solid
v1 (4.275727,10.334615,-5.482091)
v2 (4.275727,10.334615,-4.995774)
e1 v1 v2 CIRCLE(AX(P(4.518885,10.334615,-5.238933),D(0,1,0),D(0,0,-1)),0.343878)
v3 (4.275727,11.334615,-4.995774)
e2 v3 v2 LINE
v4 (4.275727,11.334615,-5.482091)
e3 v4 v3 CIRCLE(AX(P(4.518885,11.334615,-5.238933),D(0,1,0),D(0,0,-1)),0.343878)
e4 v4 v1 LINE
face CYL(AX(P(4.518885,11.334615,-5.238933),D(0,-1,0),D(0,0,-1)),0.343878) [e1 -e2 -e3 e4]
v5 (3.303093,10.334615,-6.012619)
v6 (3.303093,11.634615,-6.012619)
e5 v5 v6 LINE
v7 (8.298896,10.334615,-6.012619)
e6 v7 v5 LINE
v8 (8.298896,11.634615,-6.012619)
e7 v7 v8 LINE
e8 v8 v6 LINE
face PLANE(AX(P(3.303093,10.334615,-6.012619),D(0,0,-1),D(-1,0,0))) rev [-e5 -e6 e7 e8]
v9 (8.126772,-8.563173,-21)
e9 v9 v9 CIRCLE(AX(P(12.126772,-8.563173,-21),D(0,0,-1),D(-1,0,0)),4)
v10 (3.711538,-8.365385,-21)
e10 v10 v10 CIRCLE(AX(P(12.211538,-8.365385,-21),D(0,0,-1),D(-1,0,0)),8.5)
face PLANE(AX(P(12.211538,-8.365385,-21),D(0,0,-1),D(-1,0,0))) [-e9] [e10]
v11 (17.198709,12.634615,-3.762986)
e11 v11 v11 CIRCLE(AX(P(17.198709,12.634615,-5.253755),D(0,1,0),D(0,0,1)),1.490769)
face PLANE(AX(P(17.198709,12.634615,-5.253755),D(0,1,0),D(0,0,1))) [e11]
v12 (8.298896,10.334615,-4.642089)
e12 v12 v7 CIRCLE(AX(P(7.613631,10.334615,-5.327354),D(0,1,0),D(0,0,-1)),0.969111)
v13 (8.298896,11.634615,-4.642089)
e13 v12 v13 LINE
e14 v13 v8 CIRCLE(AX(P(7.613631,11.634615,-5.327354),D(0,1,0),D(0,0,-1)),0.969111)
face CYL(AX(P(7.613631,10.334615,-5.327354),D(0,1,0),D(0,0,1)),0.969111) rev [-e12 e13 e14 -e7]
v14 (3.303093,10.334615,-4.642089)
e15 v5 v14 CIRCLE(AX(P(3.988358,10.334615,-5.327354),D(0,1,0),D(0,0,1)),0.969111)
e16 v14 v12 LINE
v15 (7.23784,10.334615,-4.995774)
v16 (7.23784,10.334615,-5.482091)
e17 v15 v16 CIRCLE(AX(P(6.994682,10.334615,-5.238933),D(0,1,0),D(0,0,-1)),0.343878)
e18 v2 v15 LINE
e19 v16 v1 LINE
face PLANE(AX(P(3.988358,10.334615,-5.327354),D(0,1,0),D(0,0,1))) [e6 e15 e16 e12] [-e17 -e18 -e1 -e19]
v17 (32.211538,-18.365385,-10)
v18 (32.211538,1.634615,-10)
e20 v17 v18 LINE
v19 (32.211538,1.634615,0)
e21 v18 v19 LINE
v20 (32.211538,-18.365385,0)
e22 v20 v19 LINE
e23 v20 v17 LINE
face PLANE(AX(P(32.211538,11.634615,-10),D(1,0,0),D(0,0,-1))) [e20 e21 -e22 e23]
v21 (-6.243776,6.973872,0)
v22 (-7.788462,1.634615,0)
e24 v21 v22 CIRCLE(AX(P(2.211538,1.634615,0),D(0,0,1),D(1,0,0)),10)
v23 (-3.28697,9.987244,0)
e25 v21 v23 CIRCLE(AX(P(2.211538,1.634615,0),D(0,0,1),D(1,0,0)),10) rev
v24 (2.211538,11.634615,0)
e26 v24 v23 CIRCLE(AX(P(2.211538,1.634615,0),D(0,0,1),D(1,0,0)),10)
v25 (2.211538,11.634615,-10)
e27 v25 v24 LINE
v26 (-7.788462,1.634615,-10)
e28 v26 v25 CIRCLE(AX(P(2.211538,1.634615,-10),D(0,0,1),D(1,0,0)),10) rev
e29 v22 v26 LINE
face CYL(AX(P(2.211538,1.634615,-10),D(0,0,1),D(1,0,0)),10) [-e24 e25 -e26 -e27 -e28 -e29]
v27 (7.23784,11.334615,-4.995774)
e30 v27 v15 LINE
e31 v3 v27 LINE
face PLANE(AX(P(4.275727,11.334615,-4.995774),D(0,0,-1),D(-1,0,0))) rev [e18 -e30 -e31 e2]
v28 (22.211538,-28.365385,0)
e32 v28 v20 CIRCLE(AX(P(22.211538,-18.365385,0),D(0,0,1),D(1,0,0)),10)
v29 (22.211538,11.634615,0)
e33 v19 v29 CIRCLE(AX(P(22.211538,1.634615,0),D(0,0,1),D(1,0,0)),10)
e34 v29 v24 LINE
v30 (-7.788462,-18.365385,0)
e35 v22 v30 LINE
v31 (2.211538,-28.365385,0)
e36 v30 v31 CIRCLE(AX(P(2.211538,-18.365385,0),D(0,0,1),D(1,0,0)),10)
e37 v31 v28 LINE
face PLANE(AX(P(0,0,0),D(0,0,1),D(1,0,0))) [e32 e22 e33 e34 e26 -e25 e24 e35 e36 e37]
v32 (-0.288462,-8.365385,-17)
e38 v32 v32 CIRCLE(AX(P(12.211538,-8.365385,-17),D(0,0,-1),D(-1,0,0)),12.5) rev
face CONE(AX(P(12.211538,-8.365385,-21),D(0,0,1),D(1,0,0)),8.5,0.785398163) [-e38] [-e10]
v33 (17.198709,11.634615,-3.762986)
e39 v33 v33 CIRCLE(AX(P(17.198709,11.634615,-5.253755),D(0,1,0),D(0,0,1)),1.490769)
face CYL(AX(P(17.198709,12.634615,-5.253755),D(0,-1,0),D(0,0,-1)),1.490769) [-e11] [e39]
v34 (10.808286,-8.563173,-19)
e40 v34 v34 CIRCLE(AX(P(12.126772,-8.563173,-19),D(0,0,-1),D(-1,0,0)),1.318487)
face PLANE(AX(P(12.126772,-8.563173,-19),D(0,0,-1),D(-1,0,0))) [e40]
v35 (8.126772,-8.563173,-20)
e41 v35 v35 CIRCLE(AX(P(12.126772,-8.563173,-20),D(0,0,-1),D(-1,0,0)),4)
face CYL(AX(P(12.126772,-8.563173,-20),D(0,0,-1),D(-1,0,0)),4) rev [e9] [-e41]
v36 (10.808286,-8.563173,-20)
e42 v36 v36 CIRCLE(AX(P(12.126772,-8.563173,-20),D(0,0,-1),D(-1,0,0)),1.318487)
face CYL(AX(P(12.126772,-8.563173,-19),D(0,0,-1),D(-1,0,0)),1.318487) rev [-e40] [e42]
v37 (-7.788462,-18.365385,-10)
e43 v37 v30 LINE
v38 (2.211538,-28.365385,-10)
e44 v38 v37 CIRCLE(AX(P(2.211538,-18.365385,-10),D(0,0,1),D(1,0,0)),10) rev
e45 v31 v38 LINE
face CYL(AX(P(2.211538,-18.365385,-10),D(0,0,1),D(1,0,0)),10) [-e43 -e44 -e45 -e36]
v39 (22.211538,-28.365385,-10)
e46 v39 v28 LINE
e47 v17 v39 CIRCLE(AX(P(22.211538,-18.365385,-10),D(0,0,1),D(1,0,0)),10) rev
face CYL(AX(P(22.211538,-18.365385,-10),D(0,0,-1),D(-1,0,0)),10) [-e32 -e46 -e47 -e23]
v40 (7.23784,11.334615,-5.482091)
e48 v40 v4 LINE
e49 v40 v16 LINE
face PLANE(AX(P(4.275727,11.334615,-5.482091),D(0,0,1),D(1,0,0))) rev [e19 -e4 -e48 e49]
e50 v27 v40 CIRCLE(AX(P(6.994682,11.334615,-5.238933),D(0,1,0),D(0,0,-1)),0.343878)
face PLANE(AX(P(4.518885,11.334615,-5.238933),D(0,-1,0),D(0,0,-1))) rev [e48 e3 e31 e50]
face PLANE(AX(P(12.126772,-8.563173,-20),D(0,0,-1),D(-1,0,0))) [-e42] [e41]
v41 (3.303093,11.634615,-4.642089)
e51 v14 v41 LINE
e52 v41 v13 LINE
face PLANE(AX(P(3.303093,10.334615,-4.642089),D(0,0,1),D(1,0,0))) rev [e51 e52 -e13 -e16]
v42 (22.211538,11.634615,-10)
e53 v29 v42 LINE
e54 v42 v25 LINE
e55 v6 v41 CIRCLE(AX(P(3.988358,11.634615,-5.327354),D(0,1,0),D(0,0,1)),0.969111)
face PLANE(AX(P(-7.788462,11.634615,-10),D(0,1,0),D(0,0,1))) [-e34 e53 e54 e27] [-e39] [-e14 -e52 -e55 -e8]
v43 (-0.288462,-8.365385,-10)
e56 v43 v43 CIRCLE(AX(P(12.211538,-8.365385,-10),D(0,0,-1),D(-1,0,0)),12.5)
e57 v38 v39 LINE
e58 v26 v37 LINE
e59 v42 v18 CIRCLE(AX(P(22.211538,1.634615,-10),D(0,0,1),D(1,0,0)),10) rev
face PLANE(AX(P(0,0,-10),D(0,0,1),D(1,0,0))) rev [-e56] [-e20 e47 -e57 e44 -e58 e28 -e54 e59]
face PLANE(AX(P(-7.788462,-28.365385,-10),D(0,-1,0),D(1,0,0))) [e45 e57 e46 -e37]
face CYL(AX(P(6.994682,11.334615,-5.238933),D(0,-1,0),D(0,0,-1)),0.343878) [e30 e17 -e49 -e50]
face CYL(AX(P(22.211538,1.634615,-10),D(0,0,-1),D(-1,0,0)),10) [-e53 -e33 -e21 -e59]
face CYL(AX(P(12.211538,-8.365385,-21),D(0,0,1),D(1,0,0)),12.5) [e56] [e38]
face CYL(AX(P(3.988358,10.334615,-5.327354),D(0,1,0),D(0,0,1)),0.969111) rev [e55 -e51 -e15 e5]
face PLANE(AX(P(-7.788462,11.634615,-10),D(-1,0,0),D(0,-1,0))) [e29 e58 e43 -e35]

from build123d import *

# Parameters (mm, degrees)
SKETCH1_W           = 40
SKETCH1_H           = 40
BOSS_EXTRUDE2_DEPTH = 10
SKETCH7_R           = 12.5
BOSS_EXTRUDE3_DEPTH = 11
CHAMFER4_SIZE       = 4
SKETCH10_R          = 4
CUT_EXTRUDE2_DEPTH  = 1
SKETCH11_R          = 2.5
CUT_EXTRUDE3_DEPTH  = 2
FILLET2_R           = 10
FILLET3_R           = 10
FILLET4_R           = 10
FILLET5_R           = 10
CUT_EXTRUDE4_DEPTH  = 1.3
BOSS_EXTRUDE5_DEPTH = 1
SKETCH16_R          = 1.490769086
BOSS_EXTRUDE6_DEPTH = 1
SKETCH17_R          = 1.318486688
CUT_EXTRUDE5_DEPTH  = 1


with BuildPart() as part:
    # Sketch1 → Boss-Extrude2 (new body)
    with BuildSketch(Plane.XY):
        with Locations((12.211538462, -8.365384615)):
            Rectangle(SKETCH1_W, SKETCH1_H)
    extrude(amount=-BOSS_EXTRUDE2_DEPTH)

    # Sketch7 → Boss-Extrude3 (add)
    with BuildSketch(Plane(origin=(0, 0, -10), x_dir=(-1, 0, 0), z_dir=(0, 0, -1))):
        with Locations((-12.211538462, -8.365384615)):
            Circle(SKETCH7_R)
    extrude(amount=BOSS_EXTRUDE3_DEPTH)

    # Chamfer4
    chamfer4_edges = [part.edges().sort_by_distance(p)[0] for p in [
        (24.711538462, -8.365384615, -21),
    ]]
    chamfer(chamfer4_edges, length=CHAMFER4_SIZE)

    # Sketch10 → Cut-Extrude2 (cut)
    with BuildSketch(Plane(origin=(0, 0, -21), x_dir=(-1, 0, 0), z_dir=(0, 0, -1))):
        with Locations((-12.126772213, -8.563172529)):
            Circle(SKETCH10_R)
    extrude(amount=-CUT_EXTRUDE2_DEPTH, mode=Mode.SUBTRACT)

    # Sketch11 → Cut-Extrude3 (cut)
    with BuildSketch(Plane.XY):
        with Locations((-3.809282546, 7.542414728)):
            Circle(SKETCH11_R)
    extrude(amount=-CUT_EXTRUDE3_DEPTH, mode=Mode.SUBTRACT)

    # Fillet2
    fillet2_edges = [part.edges().sort_by_distance(p)[0] for p in [
        (32.211538462, 11.634615385, -5),
    ]]
    fillet(fillet2_edges, radius=FILLET2_R)

    # Fillet3
    fillet3_edges = [part.edges().sort_by_distance(p)[0] for p in [
        (-7.788461538, 11.634615385, -5),
    ]]
    fillet(fillet3_edges, radius=FILLET3_R)

    # Fillet4
    fillet4_edges = [part.edges().sort_by_distance(p)[0] for p in [
        (-7.788461538, -28.365384615, -5),
    ]]
    fillet(fillet4_edges, radius=FILLET4_R)

    # Fillet5
    fillet5_edges = [part.edges().sort_by_distance(p)[0] for p in [
        (32.211538462, -28.365384615, -5),
    ]]
    fillet(fillet5_edges, radius=FILLET5_R)

    # Sketch13 → Cut-Extrude4 (cut)
    with BuildSketch(Plane(origin=(0, 11.634615385, 0), x_dir=(1, 0, 0), z_dir=(0, 1, 0))):
        with BuildLine():
            Line((3.30309253, 4.642088904), (8.298895956, 4.642088904))
            ThreePointArc((8.298895956, 4.642088904), (8.582742042, 5.327353975), (8.298895956, 6.012619047))
            Line((8.298895956, 6.012619047), (3.30309253, 6.012619047))
            ThreePointArc((3.30309253, 6.012619047), (3.019246443, 5.327353975), (3.30309253, 4.642088904))
        make_face()
    extrude(amount=-CUT_EXTRUDE4_DEPTH, mode=Mode.SUBTRACT)

    # Sketch14 → Boss-Extrude5 (add)
    with BuildSketch(Plane(origin=(0, 10.334615385, 0), x_dir=(1, 0, 0), z_dir=(0, 1, 0))):
        with BuildLine():
            Line((4.275726825, 5.482091249), (7.237840361, 5.482091249))
            ThreePointArc((7.237840361, 5.482091249), (7.33855994, 5.238932676), (7.237840361, 4.995774102))
            Line((7.237840361, 4.995774102), (4.275726825, 4.995774102))
            ThreePointArc((4.275726825, 4.995774102), (4.175007246, 5.238932676), (4.275726825, 5.482091249))
        make_face()
    extrude(amount=BOSS_EXTRUDE5_DEPTH)

    # Sketch16 → Boss-Extrude6 (add)
    with BuildSketch(Plane(origin=(0, 11.634615385, 0), x_dir=(1, 0, 0), z_dir=(0, 1, 0))):
        with Locations(Location((17.198709177, 5.253755482, 0), (0, 0, 270))):
            Circle(SKETCH16_R)
    extrude(amount=BOSS_EXTRUDE6_DEPTH)

    # Sketch17 → Cut-Extrude5 (cut)
    with BuildSketch(Plane(origin=(0, 0, -20), x_dir=(-1, 0, 0), z_dir=(0, 0, -1))):
        with Locations((-12.126772213, -8.563172529)):
            Circle(SKETCH17_R)
    extrude(amount=-CUT_EXTRUDE5_DEPTH, mode=Mode.SUBTRACT)


solid = part.part
